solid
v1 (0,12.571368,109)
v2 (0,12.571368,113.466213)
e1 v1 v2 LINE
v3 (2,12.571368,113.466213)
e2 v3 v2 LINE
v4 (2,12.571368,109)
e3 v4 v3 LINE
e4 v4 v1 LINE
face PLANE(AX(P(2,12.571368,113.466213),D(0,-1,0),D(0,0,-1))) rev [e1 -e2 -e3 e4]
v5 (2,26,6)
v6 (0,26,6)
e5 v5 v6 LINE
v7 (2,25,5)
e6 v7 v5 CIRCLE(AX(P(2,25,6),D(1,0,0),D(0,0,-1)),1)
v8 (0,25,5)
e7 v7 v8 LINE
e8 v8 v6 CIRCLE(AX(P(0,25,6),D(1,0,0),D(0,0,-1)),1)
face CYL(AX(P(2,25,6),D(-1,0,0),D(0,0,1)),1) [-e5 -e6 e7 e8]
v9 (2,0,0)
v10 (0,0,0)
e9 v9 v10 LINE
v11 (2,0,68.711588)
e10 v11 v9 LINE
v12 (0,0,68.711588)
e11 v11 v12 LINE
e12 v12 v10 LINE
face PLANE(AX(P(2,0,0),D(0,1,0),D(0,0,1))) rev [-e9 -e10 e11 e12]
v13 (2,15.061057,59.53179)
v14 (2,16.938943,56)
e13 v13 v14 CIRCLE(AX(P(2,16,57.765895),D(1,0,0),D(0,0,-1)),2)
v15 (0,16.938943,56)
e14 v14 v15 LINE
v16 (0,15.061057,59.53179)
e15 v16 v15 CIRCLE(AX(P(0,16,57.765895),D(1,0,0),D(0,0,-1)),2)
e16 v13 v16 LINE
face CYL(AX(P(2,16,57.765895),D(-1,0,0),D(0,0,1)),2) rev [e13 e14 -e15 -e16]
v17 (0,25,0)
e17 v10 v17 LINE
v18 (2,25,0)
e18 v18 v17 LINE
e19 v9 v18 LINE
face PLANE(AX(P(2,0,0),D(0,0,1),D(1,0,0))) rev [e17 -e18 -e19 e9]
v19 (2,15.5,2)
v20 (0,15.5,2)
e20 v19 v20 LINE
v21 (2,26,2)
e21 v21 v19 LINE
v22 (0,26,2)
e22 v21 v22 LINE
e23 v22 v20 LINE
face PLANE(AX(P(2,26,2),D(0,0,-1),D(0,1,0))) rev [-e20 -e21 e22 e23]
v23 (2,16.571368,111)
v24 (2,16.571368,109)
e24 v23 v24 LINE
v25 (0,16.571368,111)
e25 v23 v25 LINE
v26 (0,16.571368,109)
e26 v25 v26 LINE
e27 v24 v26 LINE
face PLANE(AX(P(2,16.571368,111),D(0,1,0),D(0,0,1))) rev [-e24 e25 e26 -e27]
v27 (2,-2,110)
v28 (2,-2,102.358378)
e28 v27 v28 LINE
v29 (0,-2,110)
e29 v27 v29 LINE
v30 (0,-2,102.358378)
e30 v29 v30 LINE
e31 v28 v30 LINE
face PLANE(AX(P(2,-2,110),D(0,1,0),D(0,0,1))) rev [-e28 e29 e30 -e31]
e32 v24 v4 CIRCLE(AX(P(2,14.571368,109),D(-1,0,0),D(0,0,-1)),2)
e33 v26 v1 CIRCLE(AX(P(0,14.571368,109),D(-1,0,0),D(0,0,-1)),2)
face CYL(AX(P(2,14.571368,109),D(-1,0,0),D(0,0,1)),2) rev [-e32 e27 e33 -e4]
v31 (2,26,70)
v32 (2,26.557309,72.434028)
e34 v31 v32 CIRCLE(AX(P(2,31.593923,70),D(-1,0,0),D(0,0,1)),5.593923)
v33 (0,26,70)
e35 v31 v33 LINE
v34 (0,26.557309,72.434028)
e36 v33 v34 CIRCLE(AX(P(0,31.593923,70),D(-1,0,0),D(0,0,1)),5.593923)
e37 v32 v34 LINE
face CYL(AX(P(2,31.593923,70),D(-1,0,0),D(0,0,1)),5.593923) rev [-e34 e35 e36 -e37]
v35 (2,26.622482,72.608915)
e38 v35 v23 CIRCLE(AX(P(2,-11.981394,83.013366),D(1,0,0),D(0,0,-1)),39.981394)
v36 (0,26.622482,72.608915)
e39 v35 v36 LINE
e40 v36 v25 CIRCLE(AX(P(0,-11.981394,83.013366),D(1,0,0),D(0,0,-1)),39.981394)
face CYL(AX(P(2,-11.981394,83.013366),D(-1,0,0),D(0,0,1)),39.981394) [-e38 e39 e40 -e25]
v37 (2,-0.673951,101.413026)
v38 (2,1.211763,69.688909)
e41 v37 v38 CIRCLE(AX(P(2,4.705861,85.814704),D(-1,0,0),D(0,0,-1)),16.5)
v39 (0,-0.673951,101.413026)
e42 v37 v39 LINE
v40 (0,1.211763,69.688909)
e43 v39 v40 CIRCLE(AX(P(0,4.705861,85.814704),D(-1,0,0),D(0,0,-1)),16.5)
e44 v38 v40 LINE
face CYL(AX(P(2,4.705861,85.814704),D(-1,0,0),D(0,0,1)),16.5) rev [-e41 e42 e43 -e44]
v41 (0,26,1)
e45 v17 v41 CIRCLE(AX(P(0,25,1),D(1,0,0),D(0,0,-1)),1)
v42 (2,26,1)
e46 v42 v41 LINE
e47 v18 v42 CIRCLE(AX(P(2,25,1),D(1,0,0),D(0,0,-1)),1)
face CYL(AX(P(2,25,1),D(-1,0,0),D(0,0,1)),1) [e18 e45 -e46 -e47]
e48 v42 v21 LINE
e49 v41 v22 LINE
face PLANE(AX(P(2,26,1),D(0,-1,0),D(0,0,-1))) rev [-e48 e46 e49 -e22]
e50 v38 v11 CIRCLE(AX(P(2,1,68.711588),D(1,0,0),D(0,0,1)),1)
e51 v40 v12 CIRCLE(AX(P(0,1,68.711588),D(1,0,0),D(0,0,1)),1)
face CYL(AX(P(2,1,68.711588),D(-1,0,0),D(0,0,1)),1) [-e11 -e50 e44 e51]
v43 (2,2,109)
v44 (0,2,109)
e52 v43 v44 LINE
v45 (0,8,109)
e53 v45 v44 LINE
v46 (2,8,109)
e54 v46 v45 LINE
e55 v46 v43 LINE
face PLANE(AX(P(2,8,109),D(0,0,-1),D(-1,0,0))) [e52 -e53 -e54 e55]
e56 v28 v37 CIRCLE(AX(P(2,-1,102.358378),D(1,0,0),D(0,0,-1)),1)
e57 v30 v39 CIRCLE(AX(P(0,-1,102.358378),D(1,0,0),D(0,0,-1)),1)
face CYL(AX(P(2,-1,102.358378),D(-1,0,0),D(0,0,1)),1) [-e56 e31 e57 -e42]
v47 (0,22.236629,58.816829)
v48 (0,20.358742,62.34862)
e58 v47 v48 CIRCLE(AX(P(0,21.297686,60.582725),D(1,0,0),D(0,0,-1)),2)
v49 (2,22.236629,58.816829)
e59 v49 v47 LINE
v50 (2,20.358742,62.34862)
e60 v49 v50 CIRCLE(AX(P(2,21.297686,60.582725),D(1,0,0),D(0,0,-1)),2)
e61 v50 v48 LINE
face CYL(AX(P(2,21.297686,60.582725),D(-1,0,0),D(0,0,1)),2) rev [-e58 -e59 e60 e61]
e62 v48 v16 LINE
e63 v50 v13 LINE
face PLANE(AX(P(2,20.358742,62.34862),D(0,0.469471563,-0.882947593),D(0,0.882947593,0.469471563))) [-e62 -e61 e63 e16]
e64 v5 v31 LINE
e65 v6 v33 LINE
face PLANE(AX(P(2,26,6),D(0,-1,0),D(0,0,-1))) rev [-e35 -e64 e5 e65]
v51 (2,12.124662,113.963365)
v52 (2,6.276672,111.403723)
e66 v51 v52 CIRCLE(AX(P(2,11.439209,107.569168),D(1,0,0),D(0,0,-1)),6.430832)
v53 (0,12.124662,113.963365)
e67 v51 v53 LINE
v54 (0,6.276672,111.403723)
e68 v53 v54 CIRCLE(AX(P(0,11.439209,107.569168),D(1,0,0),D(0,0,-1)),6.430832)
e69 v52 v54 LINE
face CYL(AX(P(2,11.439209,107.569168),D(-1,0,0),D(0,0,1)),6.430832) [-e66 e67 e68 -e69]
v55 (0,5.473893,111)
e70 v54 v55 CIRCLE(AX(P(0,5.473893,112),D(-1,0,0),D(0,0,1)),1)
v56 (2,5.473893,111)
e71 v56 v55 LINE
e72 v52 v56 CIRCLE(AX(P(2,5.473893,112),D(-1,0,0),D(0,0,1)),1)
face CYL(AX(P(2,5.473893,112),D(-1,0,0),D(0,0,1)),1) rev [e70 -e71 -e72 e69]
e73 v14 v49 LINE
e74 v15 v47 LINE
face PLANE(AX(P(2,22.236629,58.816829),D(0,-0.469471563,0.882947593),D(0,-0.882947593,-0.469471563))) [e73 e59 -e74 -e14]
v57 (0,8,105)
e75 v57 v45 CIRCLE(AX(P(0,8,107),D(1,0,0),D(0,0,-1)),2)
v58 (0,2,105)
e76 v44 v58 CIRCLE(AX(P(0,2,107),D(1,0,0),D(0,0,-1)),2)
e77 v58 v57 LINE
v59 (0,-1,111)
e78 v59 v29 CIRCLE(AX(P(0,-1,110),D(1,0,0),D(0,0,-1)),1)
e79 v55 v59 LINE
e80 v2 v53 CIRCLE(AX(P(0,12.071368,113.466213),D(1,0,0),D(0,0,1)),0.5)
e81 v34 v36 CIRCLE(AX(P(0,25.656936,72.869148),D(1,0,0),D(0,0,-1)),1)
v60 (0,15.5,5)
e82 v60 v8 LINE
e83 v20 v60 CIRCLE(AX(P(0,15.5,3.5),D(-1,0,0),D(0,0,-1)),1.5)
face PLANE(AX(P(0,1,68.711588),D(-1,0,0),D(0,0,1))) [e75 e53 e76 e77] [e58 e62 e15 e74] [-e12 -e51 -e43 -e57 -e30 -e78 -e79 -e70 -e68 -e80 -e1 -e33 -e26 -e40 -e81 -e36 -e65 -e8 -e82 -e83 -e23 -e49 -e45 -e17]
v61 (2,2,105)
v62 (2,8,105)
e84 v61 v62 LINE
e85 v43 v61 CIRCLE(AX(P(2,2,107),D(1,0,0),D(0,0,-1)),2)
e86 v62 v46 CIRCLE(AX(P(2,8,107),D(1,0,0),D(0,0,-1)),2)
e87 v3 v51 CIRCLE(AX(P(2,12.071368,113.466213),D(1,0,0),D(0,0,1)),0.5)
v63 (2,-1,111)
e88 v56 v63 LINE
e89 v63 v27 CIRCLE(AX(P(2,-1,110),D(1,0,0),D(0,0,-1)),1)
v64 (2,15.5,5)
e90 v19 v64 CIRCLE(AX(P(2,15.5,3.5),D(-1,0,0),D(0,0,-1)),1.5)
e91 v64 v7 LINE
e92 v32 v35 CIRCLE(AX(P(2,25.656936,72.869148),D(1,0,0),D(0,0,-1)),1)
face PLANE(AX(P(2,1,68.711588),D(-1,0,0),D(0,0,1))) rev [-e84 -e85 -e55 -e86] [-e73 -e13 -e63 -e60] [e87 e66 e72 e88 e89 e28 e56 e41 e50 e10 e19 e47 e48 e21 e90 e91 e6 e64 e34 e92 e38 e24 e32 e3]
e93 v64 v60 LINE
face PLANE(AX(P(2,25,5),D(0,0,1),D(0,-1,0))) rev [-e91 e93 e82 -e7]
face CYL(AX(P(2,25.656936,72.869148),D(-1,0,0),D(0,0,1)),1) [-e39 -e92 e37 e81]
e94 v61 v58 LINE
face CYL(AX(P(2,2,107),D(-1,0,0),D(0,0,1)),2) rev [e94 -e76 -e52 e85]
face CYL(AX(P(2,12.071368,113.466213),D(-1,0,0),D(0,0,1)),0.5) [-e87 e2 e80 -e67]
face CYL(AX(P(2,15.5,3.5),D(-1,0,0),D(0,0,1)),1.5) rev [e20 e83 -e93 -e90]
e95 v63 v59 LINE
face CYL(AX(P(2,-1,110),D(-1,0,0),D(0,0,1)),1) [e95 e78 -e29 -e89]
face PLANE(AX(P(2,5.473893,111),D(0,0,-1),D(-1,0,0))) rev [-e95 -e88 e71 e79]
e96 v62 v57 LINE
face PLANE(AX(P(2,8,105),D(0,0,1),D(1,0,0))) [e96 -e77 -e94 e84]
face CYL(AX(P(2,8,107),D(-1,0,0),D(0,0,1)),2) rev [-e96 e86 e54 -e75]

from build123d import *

# Parameters (mm, degrees)
RESSALTO_EXTRUS_O1_DEPTH = 2


with BuildPart() as part:
    # Esboço1 → Ressalto-extrusão1 (new body)
    with BuildSketch(Plane(origin=(0, 0, 0), x_dir=(0, 0, -1), z_dir=(1, 0, 0))):
        with BuildLine():
            Line((0, 0), (0, 25))
            ThreePointArc((0, 25), (-0.292893219, 25.707106781), (-1, 26))
            Line((-1, 26), (-2, 26))
            Line((-2, 26), (-2, 15.5))
            ThreePointArc((-2, 15.5), (-3.5, 14), (-5, 15.5))
            Line((-5, 15.5), (-5, 25))
            ThreePointArc((-5, 25), (-5.292893219, 25.707106781), (-6, 26))
            Line((-6, 26), (-70, 26))
            ThreePointArc((-70, 26), (-71.248507537, 26.141106905), (-72.434027777, 26.557308768))
            ThreePointArc((-72.434027777, 26.557308768), (-72.519947834, 26.593984538), (-72.608915487, 26.622482343))
            ThreePointArc((-72.608915487, 26.622482343), (-93.139545948, 26.696407833), (-111, 16.571367926))
            Line((-111, 16.571367926), (-109, 16.571367926))
            ThreePointArc((-109, 16.571367926), (-107, 14.571367926), (-109, 12.571367926))
            Line((-109, 12.571367926), (-113.466213279, 12.571367926))
            ThreePointArc((-113.466213279, 12.571367926), (-113.800393506, 12.443286702), (-113.963364883, 12.124662231))
            ThreePointArc((-113.963364883, 12.124662231), (-113.460397939, 8.860641338), (-111.403723296, 6.276671998))
            ThreePointArc((-111.403723296, 6.276671998), (-111.106614108, 5.923183177), (-111, 5.473893017))
            Line((-111, 5.473893017), (-111, -1))
            ThreePointArc((-111, -1), (-110.707106781, -1.707106781), (-110, -2))
            Line((-110, -2), (-102.358378421, -2))
            ThreePointArc((-102.358378421, -2), (-101.544115198, -1.580495826), (-101.413025617, -0.673950808))
            ThreePointArc((-101.413025617, -0.673950808), (-86.793753315, 21.176788674), (-69.688908754, 1.211763478))
            ThreePointArc((-69.688908754, 1.211763478), (-69.489971865, 0.372211611), (-68.711587809, 0))
            Line((-68.711587809, 0), (0, 0))
        make_face()
        with BuildLine():
            Line((-105, 8), (-105, 2))
            ThreePointArc((-105, 2), (-107, 0), (-109, 2))
            Line((-109, 2), (-109, 8))
            ThreePointArc((-109, 8), (-107, 10), (-105, 8))
        make_face(mode=Mode.SUBTRACT)
        with BuildLine():
            Line((-58.816829377, 22.236628683), (-56, 16.938943126))
            ThreePointArc((-56, 16.938943126), (-56.82695206, 14.234104814), (-59.531790371, 15.061056874))
            Line((-59.531790371, 15.061056874), (-62.348619748, 20.358742432))
            ThreePointArc((-62.348619748, 20.358742432), (-61.521667688, 23.063580743), (-58.816829377, 22.236628683))
        make_face(mode=Mode.SUBTRACT)
    extrude(amount=RESSALTO_EXTRUS_O1_DEPTH)


solid = part.part
